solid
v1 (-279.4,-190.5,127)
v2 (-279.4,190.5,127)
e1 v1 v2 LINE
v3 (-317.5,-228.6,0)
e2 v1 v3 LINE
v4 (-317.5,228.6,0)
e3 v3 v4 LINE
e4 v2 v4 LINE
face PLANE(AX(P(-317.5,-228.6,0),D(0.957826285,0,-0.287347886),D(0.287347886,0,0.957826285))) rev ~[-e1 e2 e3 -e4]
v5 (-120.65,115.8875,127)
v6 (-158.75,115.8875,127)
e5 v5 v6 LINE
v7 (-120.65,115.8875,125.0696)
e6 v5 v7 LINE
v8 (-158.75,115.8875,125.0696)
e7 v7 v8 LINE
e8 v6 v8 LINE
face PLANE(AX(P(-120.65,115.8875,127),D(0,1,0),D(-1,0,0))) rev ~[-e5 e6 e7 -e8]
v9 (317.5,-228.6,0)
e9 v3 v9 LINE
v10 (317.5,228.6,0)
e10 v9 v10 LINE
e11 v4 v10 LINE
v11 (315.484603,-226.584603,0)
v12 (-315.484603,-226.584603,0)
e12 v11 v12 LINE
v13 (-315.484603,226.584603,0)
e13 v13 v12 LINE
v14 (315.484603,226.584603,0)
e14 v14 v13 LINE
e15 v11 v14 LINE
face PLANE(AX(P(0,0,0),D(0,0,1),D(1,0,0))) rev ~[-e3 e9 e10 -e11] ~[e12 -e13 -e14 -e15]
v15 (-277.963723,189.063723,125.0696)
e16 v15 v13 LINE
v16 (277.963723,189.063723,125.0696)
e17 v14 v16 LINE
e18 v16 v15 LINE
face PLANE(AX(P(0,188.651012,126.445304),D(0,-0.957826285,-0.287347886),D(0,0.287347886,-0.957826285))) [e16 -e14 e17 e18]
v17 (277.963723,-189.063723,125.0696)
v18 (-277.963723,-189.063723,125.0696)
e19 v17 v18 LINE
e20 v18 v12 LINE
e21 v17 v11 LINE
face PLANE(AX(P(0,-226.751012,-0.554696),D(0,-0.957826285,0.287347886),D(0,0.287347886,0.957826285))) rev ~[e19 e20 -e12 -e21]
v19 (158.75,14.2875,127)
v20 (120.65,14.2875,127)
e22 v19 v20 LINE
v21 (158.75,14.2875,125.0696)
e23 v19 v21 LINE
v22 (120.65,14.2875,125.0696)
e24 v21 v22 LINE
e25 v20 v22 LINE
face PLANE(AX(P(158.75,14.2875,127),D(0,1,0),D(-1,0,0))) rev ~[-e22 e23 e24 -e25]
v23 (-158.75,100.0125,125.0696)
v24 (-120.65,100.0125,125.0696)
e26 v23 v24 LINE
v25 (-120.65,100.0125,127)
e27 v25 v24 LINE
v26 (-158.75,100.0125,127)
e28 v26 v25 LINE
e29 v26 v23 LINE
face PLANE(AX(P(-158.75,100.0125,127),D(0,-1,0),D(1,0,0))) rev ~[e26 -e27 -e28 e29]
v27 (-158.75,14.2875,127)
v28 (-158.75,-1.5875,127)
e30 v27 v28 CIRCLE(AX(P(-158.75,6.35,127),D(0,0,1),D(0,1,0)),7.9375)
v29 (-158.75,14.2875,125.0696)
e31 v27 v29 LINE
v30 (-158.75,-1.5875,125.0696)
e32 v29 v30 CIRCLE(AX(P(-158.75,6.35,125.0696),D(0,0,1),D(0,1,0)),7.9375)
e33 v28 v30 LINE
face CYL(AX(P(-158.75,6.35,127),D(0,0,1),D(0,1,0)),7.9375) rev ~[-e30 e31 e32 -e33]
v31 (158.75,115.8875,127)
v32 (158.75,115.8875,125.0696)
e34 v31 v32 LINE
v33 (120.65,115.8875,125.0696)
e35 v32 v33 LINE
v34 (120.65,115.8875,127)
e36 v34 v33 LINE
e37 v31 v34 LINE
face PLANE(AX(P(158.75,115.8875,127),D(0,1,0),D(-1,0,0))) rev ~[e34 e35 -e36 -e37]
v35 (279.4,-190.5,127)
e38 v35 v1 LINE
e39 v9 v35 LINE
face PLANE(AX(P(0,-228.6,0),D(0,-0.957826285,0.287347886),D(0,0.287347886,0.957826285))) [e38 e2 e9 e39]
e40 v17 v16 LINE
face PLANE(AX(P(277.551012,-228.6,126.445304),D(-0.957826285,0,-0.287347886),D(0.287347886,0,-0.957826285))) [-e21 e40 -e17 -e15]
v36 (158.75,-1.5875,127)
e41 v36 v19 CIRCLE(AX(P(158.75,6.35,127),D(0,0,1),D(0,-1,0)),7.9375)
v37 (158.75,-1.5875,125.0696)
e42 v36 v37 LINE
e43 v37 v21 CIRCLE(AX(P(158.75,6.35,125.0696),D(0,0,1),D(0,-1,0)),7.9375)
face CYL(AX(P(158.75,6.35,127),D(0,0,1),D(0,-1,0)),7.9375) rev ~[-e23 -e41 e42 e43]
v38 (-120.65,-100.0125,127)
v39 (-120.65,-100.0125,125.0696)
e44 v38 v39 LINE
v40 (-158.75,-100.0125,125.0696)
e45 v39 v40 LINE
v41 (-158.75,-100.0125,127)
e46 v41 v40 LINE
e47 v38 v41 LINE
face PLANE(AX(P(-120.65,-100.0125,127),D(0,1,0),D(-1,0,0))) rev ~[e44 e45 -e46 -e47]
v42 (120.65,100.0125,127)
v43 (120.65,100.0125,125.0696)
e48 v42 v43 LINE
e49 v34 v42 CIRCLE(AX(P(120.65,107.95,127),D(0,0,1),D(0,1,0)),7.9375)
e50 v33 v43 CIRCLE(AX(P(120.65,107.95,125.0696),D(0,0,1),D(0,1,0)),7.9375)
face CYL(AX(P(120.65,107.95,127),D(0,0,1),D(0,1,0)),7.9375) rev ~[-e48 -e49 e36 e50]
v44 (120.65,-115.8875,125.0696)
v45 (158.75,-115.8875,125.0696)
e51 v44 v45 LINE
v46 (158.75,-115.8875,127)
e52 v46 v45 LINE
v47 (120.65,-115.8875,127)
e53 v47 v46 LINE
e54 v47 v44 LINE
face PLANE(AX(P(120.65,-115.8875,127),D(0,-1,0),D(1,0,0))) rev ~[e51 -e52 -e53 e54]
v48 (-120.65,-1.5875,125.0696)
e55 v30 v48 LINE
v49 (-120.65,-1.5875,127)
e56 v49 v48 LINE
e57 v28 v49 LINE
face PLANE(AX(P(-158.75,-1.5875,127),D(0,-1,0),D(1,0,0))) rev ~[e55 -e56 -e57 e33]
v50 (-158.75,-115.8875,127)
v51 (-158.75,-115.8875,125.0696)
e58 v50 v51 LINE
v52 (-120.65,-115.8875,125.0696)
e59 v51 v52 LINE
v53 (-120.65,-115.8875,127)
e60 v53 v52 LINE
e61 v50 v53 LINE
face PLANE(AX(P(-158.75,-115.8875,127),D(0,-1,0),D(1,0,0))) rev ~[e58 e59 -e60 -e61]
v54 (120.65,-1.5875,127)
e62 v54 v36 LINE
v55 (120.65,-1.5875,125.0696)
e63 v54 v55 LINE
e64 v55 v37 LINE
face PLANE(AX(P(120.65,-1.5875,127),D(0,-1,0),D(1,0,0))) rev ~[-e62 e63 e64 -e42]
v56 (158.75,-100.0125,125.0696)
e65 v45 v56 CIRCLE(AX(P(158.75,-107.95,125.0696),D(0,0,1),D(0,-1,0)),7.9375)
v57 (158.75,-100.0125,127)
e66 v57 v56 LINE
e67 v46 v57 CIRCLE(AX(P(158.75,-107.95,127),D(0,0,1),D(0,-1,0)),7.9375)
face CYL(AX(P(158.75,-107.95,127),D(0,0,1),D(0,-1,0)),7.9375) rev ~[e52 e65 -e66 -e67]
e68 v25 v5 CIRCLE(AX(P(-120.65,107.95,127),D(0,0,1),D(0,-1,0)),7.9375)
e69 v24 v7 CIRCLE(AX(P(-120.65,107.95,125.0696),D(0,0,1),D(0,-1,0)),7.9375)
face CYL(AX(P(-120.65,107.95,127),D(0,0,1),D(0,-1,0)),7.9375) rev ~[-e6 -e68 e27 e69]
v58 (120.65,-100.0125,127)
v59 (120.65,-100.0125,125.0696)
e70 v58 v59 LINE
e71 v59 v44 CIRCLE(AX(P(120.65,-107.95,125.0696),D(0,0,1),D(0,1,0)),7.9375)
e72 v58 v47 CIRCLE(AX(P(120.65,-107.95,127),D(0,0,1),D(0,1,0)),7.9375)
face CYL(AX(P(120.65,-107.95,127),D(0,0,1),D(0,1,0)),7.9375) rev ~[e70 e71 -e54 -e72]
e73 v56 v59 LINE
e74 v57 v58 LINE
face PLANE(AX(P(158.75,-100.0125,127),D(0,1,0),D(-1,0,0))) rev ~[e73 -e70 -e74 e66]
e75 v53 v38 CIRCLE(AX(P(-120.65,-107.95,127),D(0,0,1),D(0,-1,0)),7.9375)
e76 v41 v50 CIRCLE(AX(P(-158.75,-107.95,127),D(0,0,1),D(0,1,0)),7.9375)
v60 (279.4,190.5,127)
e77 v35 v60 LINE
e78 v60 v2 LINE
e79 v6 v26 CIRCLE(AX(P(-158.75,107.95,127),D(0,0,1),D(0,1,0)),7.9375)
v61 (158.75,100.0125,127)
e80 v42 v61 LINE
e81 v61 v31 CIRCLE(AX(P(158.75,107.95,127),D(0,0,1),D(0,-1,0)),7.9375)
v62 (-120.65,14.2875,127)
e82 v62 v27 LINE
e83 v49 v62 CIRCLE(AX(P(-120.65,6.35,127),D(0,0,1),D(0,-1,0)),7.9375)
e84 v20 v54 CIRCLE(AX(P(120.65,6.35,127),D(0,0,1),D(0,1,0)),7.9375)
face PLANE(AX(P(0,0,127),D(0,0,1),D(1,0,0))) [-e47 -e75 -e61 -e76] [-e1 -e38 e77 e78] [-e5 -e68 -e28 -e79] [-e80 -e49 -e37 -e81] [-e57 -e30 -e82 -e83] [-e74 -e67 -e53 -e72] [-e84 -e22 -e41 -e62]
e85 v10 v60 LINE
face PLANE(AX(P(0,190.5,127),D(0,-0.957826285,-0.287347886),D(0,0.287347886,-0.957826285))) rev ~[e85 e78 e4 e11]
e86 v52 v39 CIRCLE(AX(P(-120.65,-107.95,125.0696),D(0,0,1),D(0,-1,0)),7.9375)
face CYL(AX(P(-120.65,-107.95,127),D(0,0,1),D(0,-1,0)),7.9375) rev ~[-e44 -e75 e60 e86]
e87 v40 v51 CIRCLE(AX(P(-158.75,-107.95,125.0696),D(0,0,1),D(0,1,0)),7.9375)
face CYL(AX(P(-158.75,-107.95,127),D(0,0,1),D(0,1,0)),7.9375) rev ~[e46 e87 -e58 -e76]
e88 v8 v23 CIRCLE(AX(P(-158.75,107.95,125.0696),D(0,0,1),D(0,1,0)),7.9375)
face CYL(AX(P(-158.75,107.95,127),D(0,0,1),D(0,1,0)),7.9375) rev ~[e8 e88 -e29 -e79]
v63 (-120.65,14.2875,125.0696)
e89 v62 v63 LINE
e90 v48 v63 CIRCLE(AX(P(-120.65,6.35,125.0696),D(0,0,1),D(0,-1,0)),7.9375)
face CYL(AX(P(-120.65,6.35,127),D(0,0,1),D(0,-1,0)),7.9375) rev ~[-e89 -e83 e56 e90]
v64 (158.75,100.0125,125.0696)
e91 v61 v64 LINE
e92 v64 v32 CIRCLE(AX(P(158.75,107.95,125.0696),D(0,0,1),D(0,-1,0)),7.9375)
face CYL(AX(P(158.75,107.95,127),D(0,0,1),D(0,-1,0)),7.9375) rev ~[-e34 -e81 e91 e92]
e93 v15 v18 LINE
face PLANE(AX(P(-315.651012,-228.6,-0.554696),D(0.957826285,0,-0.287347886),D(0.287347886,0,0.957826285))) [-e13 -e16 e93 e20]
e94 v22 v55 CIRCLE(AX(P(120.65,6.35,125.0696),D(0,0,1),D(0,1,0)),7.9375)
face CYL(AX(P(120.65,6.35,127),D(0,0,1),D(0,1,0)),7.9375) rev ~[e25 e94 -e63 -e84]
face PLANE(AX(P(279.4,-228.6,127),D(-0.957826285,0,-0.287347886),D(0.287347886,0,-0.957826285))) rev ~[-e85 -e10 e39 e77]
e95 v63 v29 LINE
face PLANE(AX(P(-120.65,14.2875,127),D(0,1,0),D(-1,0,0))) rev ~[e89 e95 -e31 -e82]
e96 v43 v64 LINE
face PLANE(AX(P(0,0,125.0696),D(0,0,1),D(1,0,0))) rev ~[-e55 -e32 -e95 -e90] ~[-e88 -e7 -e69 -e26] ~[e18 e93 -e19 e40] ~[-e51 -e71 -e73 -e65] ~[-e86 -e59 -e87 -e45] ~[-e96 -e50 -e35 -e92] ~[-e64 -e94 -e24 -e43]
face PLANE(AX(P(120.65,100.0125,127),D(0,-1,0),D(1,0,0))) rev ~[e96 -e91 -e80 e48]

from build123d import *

# Parameters (mm, degrees)
F0_W     = 635
F0_H     = 457.2
F1_DEPTH = 127
F3_DEPTH = 457.201
F5_DEPTH = 330.2
F6_T     = -1.9304
F8_DEPTH = 127.001


with BuildPart() as f1:
    # F0 (on Top) → F1 (new body)
    with BuildSketch(Plane.XY):
        Rectangle(F0_W, F0_H)
    extrude(amount=F1_DEPTH)

    # F2 (on face) → F3 (cut, through all)
    with BuildSketch(Plane.XZ.offset(228.6)):
        Polygon((-317.5, 127), (-317.5, 0), (-279.4, 127), align=None)
        Polygon((279.4, 127), (317.5, 0), (317.5, 127), align=None)
    extrude(amount=-F3_DEPTH, mode=Mode.SUBTRACT)

    # F4 (on Right) → F5 (cut, symmetric)
    with BuildSketch(Plane.YZ):
        Polygon((-228.6, 127), (-228.6, 0), (-190.5, 127), align=None)
        Polygon((228.6, 0), (228.6, 127), (190.5, 127), align=None)
    extrude(amount=F5_DEPTH, both=True, mode=Mode.SUBTRACT)

    # F6
    f6_openings = [f1.faces().sort_by_distance(p)[0] for p in [
        (0, 0, 0),
    ]]
    offset(amount=F6_T, openings=f6_openings)

    # F7 (on face) → F8 (cut, through all)
    with BuildSketch(Plane.XY.offset(127)):
        with BuildLine():
            ThreePointArc((-158.75, 115.8875), (-166.6875, 107.95), (-158.75, 100.0125))
            Line((-158.75, 100.0125), (-120.65, 100.0125))
            ThreePointArc((-120.65, 100.0125), (-112.7125, 107.95), (-120.65, 115.8875))
            Line((-120.65, 115.8875), (-158.75, 115.8875))
        make_face()
        with BuildLine():
            ThreePointArc((158.75, 100.0125), (166.6875, 107.95), (158.75, 115.8875))
            Line((158.75, 115.8875), (120.65, 115.8875))
            ThreePointArc((120.65, 115.8875), (112.7125, 107.95), (120.65, 100.0125))
            Line((120.65, 100.0125), (158.75, 100.0125))
        make_face()
        with BuildLine():
            Line((120.65, -1.5875), (158.75, -1.5875))
            ThreePointArc((158.75, -1.5875), (166.6875, 6.35), (158.75, 14.2875))
            Line((158.75, 14.2875), (120.65, 14.2875))
            ThreePointArc((120.65, 14.2875), (112.7125, 6.35), (120.65, -1.5875))
        make_face()
        with BuildLine():
            Line((-158.75, -1.5875), (-120.65, -1.5875))
            ThreePointArc((-120.65, -1.5875), (-112.7125, 6.35), (-120.65, 14.2875))
            Line((-120.65, 14.2875), (-158.75, 14.2875))
            ThreePointArc((-158.75, 14.2875), (-166.6875, 6.35), (-158.75, -1.5875))
        make_face()
        with BuildLine():
            ThreePointArc((-158.75, -100.0125), (-166.6875, -107.95), (-158.75, -115.8875))
            Line((-158.75, -115.8875), (-120.65, -115.8875))
            ThreePointArc((-120.65, -115.8875), (-112.7125, -107.95), (-120.65, -100.0125))
            Line((-120.65, -100.0125), (-158.75, -100.0125))
        make_face()
        with BuildLine():
            ThreePointArc((120.65, -100.0125), (112.7125, -107.95), (120.65, -115.8875))
            Line((120.65, -115.8875), (158.75, -115.8875))
            ThreePointArc((158.75, -115.8875), (166.6875, -107.95), (158.75, -100.0125))
            Line((158.75, -100.0125), (120.65, -100.0125))
        make_face()
    extrude(amount=-F8_DEPTH, mode=Mode.SUBTRACT)


solid = f1.part
